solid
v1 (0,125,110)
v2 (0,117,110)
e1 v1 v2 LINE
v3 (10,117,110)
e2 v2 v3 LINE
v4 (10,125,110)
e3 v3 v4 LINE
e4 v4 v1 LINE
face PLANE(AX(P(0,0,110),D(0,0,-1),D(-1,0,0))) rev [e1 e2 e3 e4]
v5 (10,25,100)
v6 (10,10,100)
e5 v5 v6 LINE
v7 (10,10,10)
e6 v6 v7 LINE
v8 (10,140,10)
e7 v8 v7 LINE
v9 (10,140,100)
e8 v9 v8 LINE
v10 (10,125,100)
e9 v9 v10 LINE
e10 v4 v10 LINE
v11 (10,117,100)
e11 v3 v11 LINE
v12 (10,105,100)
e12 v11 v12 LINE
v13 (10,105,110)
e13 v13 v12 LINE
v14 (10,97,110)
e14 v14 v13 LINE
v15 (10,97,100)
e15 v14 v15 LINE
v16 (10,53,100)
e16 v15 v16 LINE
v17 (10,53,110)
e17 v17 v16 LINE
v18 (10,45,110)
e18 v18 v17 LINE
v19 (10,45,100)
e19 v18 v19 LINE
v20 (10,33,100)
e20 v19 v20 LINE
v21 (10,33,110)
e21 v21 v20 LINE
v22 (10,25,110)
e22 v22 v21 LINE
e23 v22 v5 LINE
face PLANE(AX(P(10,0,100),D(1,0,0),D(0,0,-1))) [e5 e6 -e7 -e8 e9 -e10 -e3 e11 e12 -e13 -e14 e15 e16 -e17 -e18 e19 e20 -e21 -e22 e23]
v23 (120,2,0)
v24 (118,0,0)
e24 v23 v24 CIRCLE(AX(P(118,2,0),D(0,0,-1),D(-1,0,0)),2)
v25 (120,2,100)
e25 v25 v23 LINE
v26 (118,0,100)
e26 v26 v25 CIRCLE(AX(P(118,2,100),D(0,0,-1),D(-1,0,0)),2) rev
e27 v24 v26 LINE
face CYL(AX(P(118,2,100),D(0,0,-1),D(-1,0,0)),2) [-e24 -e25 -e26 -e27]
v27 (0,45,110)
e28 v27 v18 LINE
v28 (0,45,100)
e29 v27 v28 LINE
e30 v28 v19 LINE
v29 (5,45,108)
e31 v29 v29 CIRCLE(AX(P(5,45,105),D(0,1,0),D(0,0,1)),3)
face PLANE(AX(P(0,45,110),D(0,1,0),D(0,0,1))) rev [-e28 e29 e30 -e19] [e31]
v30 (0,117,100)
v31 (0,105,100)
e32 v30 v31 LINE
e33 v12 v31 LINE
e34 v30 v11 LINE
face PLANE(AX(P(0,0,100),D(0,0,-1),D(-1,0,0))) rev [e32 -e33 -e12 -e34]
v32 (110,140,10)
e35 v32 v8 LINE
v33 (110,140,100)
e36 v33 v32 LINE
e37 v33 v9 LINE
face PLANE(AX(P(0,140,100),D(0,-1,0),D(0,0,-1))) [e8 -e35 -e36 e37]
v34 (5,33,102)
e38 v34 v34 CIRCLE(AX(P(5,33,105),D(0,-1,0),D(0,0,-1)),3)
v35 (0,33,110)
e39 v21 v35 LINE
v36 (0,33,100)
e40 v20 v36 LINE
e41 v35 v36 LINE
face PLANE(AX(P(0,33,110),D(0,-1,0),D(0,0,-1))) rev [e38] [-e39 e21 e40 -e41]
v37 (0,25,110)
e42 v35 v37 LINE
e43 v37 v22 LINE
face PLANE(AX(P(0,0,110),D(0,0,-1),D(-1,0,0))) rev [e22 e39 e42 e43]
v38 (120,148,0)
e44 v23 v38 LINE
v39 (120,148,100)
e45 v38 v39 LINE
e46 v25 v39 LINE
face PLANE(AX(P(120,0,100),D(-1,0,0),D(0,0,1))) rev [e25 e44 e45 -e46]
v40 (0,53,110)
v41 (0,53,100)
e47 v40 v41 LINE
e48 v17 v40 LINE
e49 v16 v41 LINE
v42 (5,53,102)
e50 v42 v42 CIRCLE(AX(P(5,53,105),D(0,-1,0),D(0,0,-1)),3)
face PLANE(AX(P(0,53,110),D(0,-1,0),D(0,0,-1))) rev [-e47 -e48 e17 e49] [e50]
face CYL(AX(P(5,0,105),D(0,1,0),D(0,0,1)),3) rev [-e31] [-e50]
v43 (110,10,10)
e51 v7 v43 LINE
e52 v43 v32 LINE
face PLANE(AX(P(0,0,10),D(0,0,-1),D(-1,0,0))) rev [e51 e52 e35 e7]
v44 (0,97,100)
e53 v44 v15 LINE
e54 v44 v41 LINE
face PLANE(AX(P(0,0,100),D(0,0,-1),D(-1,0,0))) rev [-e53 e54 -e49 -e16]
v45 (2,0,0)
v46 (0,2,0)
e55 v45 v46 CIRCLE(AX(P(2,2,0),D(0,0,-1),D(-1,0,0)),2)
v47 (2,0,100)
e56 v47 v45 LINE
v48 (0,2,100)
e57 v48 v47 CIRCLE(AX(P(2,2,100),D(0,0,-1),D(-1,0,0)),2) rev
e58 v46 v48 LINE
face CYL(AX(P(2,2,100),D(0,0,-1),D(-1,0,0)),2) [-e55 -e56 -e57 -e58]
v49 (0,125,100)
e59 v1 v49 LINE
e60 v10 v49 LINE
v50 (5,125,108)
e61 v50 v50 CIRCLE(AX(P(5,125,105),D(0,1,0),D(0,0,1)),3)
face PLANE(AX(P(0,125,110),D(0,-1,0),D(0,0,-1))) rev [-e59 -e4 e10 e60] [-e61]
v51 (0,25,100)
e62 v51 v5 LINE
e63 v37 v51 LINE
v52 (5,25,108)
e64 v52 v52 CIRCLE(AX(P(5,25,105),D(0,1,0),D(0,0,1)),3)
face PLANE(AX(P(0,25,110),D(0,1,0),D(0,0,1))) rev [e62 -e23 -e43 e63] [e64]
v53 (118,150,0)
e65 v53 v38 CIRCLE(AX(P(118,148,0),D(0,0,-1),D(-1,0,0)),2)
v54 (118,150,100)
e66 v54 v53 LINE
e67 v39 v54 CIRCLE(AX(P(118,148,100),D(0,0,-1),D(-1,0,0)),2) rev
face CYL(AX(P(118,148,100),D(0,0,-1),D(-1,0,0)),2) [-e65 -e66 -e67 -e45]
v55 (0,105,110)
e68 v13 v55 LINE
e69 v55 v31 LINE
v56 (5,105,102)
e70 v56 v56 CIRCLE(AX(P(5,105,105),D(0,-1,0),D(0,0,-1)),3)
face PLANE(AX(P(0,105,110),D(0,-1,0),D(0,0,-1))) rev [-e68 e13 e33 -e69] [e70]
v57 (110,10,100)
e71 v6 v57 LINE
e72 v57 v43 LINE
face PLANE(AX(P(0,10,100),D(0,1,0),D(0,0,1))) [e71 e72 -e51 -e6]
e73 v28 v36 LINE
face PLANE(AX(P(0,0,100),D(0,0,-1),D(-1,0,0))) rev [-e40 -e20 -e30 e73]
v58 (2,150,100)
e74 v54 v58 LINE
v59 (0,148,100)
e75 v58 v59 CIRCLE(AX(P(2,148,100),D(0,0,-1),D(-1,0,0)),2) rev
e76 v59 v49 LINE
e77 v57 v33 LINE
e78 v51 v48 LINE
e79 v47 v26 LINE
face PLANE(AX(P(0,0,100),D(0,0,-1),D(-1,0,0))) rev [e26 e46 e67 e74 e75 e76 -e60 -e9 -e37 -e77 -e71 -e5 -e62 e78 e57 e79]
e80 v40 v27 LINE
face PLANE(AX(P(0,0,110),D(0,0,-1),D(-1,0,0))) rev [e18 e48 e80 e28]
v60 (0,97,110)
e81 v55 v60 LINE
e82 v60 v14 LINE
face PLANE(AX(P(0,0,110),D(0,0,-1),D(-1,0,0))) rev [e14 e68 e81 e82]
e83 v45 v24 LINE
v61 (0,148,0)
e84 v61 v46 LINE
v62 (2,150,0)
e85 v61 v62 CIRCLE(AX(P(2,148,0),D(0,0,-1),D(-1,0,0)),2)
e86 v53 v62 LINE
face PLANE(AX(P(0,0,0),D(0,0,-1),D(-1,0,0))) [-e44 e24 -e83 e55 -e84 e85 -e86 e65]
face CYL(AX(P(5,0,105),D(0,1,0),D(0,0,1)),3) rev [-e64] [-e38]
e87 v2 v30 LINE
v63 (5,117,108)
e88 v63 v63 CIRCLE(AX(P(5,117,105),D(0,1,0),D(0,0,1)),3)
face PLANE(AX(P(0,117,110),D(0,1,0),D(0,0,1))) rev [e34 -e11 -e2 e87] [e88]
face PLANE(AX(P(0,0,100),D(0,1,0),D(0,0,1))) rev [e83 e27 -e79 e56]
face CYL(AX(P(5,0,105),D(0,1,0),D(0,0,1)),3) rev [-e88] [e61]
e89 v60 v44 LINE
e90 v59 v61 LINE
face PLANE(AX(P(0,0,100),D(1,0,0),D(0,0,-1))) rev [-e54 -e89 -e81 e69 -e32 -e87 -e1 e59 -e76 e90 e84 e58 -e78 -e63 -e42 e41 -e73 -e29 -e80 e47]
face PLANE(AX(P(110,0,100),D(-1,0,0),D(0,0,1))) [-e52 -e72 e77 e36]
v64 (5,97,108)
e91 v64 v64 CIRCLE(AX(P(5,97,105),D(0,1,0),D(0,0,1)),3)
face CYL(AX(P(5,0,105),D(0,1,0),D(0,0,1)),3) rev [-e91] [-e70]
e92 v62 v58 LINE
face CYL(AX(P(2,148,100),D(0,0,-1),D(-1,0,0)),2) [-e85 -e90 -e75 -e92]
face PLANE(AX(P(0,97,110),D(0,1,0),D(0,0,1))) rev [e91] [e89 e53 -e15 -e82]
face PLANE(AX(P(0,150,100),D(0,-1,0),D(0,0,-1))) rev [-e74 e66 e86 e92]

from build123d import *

# Parameters (mm, degrees)
SKETCH1_W           = 120
SKETCH1_H           = 150
BOSS_EXTRUDE1_DEPTH = 100
SHELL1_T            = -10
SKETCH2_W           = 10
SKETCH2_H           = 8
BOSS_EXTRUDE2_DEPTH = 10
SKETCH3_R           = 3
CUT_EXTRUDE1_DEPTH  = 206.243757518
FILLET1_R           = 2


with BuildPart() as part:
    # Sketch1 → Boss-Extrude1 (new body)
    with BuildSketch(Plane.XY):
        with Locations((60, 75)):
            Rectangle(SKETCH1_W, SKETCH1_H)
    extrude(amount=BOSS_EXTRUDE1_DEPTH)

    # Shell1
    shell1_openings = [part.faces().sort_by_distance(p)[0] for p in [
        (60, 75, 100),
    ]]
    offset(amount=SHELL1_T, openings=shell1_openings, kind=Kind.INTERSECTION)

    # Sketch2 → Boss-Extrude2 (add)
    with BuildSketch(Plane.XY.offset(100)):
        with Locations((5, 101)):
            Rectangle(SKETCH2_W, SKETCH2_H)
        with Locations((5, 121)):
            Rectangle(SKETCH2_W, SKETCH2_H)
        with Locations((5, 29)):
            Rectangle(SKETCH2_W, SKETCH2_H)
        with Locations((5, 49)):
            Rectangle(SKETCH2_W, SKETCH2_H)
    extrude(amount=BOSS_EXTRUDE2_DEPTH)

    # Sketch3 → Cut-Extrude1 (cut, through all)
    with BuildSketch(Plane(origin=(0, 125, 0), x_dir=(1, 0, 0), z_dir=(0, 1, 0))):
        with Locations(Location((5, -105, 0), (0, 0, 270))):
            Circle(SKETCH3_R)
    extrude(amount=-CUT_EXTRUDE1_DEPTH, mode=Mode.SUBTRACT)

    # Fillet1
    fillet1_edges = [part.edges().sort_by_distance(p)[0] for p in [
        (0, 150, 50),
        (120, 150, 50),
        (120, 0, 50),
        (0, 0, 50),
    ]]
    fillet(fillet1_edges, radius=FILLET1_R)


solid = part.part
